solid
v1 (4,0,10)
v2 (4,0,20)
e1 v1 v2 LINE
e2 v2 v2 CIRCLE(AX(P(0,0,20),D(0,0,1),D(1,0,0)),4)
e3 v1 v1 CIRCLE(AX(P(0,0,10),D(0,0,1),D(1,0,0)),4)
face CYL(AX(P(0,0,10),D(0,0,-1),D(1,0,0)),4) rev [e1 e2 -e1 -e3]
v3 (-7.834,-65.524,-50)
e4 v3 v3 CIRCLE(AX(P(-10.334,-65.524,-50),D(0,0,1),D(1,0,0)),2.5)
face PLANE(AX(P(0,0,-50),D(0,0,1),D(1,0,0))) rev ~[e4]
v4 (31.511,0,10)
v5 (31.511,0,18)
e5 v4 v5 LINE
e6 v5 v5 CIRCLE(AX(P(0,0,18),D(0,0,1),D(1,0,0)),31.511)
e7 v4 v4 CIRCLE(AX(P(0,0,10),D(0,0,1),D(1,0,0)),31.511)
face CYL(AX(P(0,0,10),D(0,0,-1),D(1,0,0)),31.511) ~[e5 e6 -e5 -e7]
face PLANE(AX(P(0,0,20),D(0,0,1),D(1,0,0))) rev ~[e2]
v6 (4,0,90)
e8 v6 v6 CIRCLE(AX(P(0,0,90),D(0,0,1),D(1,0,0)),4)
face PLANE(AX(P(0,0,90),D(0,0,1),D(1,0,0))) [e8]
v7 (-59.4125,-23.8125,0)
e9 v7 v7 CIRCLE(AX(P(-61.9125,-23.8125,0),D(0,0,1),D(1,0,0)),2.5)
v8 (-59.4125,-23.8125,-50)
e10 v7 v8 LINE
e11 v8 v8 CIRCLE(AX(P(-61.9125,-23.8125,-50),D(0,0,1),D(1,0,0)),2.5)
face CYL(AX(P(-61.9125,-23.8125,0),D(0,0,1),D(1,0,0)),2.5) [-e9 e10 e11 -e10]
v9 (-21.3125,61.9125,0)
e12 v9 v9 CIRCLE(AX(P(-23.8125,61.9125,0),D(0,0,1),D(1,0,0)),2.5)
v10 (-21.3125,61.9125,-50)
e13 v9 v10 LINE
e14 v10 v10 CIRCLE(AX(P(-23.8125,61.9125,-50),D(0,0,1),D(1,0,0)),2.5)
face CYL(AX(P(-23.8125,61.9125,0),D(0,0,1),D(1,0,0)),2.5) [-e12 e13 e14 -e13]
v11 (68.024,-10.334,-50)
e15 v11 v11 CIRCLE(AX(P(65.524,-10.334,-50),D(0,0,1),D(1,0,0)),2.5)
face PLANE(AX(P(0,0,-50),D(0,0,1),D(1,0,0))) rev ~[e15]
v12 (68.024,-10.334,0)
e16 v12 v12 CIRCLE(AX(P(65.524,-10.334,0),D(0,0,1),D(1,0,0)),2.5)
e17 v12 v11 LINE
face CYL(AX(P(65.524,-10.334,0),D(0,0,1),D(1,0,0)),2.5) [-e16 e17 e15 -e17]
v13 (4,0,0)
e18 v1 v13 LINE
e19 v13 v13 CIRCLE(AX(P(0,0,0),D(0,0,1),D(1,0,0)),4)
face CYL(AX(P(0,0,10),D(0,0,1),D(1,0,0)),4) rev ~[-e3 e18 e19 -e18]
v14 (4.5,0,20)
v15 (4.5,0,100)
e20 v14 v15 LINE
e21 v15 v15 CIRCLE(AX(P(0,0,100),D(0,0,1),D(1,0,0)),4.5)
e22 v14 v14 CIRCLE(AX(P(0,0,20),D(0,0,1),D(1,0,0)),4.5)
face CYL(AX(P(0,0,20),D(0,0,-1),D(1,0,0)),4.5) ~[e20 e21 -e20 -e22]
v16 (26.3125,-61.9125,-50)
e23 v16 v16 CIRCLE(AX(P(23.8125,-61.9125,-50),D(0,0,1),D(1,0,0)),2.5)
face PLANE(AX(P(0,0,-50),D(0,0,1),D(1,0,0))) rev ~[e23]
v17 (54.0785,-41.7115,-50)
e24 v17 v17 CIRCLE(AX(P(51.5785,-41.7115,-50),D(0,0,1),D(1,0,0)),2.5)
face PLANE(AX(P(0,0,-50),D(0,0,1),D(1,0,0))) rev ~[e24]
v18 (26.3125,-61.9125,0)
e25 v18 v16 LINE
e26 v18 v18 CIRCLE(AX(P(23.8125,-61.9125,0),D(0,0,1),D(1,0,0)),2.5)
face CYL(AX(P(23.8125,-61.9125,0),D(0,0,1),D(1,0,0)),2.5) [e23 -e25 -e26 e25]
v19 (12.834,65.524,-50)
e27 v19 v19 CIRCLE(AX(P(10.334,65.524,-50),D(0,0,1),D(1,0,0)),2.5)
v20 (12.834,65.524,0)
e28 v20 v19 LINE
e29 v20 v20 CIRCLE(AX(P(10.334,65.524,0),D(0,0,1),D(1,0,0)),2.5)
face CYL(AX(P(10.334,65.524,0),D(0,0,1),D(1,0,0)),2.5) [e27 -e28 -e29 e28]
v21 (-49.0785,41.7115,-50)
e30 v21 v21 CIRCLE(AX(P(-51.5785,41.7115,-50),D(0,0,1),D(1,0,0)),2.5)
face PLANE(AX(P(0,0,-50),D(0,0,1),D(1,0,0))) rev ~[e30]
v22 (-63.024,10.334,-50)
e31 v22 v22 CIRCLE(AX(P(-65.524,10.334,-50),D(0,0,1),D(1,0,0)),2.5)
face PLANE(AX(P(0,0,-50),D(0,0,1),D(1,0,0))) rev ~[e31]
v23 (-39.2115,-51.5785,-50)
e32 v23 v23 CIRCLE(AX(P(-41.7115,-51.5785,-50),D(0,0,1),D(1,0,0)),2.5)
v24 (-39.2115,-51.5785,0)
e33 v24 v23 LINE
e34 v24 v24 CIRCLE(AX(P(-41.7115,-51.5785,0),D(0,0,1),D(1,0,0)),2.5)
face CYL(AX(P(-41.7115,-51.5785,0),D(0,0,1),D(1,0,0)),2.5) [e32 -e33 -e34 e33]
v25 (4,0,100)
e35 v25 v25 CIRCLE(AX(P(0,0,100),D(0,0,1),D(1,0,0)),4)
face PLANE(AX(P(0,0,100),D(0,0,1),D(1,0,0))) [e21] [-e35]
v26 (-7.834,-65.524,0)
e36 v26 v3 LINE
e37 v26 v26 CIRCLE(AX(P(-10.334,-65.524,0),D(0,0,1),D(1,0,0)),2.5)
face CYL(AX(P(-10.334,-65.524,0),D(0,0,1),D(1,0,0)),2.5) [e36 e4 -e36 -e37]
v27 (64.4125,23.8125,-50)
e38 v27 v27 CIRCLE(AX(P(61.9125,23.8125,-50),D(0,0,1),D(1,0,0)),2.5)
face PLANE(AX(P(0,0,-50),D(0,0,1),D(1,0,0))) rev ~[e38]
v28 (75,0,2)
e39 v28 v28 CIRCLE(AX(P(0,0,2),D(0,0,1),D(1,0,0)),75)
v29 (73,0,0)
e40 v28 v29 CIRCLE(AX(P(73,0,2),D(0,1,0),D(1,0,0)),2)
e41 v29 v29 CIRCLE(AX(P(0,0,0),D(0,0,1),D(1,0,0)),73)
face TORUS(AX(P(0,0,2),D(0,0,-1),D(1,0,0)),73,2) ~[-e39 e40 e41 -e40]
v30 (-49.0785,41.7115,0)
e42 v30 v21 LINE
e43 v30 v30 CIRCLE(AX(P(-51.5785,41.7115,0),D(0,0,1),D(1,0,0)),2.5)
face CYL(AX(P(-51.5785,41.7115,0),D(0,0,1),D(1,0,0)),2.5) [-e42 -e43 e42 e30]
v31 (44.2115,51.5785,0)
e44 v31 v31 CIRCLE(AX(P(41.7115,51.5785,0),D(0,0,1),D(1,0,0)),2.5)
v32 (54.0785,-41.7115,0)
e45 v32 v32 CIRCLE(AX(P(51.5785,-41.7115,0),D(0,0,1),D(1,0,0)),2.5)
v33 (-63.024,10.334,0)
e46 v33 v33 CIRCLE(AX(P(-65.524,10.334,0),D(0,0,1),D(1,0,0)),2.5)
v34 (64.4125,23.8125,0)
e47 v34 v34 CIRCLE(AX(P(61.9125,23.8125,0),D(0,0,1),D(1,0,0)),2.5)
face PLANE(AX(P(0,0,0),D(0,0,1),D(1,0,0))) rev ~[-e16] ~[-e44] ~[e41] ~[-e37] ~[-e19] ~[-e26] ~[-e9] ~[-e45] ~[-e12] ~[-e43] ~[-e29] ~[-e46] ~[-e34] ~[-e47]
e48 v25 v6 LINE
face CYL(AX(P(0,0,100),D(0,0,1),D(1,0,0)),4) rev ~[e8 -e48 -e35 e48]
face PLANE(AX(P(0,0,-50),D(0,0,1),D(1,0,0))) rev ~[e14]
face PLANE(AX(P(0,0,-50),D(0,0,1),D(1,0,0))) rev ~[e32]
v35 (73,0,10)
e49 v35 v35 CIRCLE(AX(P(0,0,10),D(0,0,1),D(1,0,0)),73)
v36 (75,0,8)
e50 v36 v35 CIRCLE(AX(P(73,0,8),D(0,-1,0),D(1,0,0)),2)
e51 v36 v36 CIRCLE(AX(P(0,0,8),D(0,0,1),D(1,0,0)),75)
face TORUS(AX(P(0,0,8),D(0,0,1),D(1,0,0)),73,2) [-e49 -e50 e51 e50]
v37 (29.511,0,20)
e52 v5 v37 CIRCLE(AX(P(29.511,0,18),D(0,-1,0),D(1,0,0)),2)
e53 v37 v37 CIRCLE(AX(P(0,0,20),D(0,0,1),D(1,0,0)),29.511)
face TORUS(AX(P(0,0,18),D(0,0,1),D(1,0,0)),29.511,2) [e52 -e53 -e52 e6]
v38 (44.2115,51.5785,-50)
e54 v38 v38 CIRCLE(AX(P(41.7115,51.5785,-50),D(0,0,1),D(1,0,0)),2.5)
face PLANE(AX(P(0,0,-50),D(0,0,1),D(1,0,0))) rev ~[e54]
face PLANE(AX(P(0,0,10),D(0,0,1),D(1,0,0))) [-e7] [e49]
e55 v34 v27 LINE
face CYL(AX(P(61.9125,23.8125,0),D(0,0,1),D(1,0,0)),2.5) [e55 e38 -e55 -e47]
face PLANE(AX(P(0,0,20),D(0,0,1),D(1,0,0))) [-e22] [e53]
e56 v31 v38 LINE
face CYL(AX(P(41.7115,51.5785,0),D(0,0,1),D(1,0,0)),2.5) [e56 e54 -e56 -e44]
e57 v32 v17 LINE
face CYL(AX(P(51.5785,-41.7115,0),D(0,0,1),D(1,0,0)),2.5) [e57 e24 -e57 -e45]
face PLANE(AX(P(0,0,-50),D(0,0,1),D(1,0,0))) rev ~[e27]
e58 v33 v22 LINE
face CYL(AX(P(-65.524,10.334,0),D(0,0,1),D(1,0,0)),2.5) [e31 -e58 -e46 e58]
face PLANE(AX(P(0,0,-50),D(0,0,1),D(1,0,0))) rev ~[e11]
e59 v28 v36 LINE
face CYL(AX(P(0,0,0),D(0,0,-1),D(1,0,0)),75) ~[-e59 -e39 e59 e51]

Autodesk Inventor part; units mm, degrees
ref_plane "YZ Plane" through (0, 0, 0) normal (1, 0, 0) x (0, 1, 0)
ref_plane "XZ Plane" through (0, 0, 0) normal (0, 1, 0) x (-1, 0, 0)
ref_plane "XY Plane" through (0, 0, 0) normal (0, 0, 1) x (1, 0, 0)
sketch "Sketch2" plane through (0, 0, 0) normal (0, 0, 1) x (1, 0, 0)
  circle A0 centre (0, 0) radius 75
  dimension "d0" = 150
extrude "Extrusion1" add sketch "Sketch2" along normal blind 10
fillet "Fillet1" radius 2 1 edges at (-75, 0, 10)
fillet "Fillet2" radius 2 1 edges at (-75, 0, 0)
sketch "Sketch24" plane through (0, 0, 0) normal (1, 0, 0) x (0, 1, 0)
  line L0 (10, 0) -> (-10, 0) projected
  point P0 (0, 0)
sketch "Sketch25" plane through (0, 0, 0) normal (0, 0, 1) x (1, 0, 0)
  circle A0 centre (0, 0) radius 73 projected
  circle A1 centre (23.8125, -61.9125) radius 2.5
  circle A2 centre (51.5785, -41.7115) radius 2.5
  circle A3 centre (65.524, -10.334) radius 2.5
  circle A4 centre (61.9125, 23.8125) radius 2.5
  circle A5 centre (41.7115, 51.5785) radius 2.5
  circle A6 centre (10.334, 65.524) radius 2.5
  circle A7 centre (-23.8125, 61.9125) radius 2.5
  circle A8 centre (-51.5785, 41.7115) radius 2.5
  circle A9 centre (-65.524, 10.334) radius 2.5
  circle A10 centre (-61.9125, -23.8125) radius 2.5
  circle A11 centre (-41.7115, -51.5785) radius 2.5
  circle A12 centre (-10.334, -65.524) radius 2.5
  circle A13 centre (0, 0) radius 10 projected
  circle A14 centre (0, 0) radius 10 projected
  dimension "d104" = 5
  dimension "d107" = 360
sketch "Sketch26" plane through (0, 0, 0) normal (0, 0, -1) x (-1, 0, 0)
  point P0 (0, 0)
extrude "Extrusion6" add sketch "Sketch25" against normal blind 50 contours A2 | A3 | A4 | A5 | A6 | A7 | A8 | A9 | A10 | A11 | A12
sketch "Sketch29" plane through (0, 0, 0) normal (0, 0, 1) x (1, 0, 0)
  circle A0 centre (23.8125, -61.9125) radius 2.5
  point P0 (0, 0)
  dimension "d111" = 5
extrude "Extrusion7" add sketch "Sketch29" against normal blind 50
sketch "Sketch30" plane through (0, 0, 0) normal (0, 0, 1) x (1, 0, 0)
  point P0 (0, 0)
sketch "Sketch31" plane through (0, 0, 0) normal (0, 0, 1) x (1, 0, 0)
  point P0 (0, 0)
sketch "Sketch32" plane through (0, 0, 10) normal (0, 0, 1) x (1, 0, 0)
  circle A0 centre (0, 0) radius 4
  dimension "d114" = 8
extrude "Extrusion8" cut sketch "Sketch32" against normal through all both and the other way through all
sketch "Sketch33" plane through (0, 0, 10) normal (0, 0, 1) x (1, 0, 0)
  circle A0 centre (0, 0) radius 4 projected
  circle A1 centre (0, 0) radius 31.511
extrude "Extrusion9" add sketch "Sketch33" along normal blind 10
fillet "Fillet3" radius 2 1 edges at (-31.511, 0, 20)
sketch "Sketch34" plane through (0, 0, 20) normal (0, 0, 1) x (1, 0, 0)
  circle A0 centre (0, 0) radius 4 projected
  circle A1 centre (0, 0) radius 4.5
  dimension "d120" = 9
extrude "Extrusion10" add sketch "Sketch34" along normal blind 80 contours A0 | A1
sketch "Sketch35" plane through (0, 0, 100) normal (0, 0, 1) x (1, 0, 0)
  circle A0 centre (0, 0) radius 4 projected
  circle A1 centre (0, 0) radius 4
  dimension "d123" = 8
extrude "Extrusion11" cut sketch "Sketch35" against normal blind 10
properties part number "updated_base"
